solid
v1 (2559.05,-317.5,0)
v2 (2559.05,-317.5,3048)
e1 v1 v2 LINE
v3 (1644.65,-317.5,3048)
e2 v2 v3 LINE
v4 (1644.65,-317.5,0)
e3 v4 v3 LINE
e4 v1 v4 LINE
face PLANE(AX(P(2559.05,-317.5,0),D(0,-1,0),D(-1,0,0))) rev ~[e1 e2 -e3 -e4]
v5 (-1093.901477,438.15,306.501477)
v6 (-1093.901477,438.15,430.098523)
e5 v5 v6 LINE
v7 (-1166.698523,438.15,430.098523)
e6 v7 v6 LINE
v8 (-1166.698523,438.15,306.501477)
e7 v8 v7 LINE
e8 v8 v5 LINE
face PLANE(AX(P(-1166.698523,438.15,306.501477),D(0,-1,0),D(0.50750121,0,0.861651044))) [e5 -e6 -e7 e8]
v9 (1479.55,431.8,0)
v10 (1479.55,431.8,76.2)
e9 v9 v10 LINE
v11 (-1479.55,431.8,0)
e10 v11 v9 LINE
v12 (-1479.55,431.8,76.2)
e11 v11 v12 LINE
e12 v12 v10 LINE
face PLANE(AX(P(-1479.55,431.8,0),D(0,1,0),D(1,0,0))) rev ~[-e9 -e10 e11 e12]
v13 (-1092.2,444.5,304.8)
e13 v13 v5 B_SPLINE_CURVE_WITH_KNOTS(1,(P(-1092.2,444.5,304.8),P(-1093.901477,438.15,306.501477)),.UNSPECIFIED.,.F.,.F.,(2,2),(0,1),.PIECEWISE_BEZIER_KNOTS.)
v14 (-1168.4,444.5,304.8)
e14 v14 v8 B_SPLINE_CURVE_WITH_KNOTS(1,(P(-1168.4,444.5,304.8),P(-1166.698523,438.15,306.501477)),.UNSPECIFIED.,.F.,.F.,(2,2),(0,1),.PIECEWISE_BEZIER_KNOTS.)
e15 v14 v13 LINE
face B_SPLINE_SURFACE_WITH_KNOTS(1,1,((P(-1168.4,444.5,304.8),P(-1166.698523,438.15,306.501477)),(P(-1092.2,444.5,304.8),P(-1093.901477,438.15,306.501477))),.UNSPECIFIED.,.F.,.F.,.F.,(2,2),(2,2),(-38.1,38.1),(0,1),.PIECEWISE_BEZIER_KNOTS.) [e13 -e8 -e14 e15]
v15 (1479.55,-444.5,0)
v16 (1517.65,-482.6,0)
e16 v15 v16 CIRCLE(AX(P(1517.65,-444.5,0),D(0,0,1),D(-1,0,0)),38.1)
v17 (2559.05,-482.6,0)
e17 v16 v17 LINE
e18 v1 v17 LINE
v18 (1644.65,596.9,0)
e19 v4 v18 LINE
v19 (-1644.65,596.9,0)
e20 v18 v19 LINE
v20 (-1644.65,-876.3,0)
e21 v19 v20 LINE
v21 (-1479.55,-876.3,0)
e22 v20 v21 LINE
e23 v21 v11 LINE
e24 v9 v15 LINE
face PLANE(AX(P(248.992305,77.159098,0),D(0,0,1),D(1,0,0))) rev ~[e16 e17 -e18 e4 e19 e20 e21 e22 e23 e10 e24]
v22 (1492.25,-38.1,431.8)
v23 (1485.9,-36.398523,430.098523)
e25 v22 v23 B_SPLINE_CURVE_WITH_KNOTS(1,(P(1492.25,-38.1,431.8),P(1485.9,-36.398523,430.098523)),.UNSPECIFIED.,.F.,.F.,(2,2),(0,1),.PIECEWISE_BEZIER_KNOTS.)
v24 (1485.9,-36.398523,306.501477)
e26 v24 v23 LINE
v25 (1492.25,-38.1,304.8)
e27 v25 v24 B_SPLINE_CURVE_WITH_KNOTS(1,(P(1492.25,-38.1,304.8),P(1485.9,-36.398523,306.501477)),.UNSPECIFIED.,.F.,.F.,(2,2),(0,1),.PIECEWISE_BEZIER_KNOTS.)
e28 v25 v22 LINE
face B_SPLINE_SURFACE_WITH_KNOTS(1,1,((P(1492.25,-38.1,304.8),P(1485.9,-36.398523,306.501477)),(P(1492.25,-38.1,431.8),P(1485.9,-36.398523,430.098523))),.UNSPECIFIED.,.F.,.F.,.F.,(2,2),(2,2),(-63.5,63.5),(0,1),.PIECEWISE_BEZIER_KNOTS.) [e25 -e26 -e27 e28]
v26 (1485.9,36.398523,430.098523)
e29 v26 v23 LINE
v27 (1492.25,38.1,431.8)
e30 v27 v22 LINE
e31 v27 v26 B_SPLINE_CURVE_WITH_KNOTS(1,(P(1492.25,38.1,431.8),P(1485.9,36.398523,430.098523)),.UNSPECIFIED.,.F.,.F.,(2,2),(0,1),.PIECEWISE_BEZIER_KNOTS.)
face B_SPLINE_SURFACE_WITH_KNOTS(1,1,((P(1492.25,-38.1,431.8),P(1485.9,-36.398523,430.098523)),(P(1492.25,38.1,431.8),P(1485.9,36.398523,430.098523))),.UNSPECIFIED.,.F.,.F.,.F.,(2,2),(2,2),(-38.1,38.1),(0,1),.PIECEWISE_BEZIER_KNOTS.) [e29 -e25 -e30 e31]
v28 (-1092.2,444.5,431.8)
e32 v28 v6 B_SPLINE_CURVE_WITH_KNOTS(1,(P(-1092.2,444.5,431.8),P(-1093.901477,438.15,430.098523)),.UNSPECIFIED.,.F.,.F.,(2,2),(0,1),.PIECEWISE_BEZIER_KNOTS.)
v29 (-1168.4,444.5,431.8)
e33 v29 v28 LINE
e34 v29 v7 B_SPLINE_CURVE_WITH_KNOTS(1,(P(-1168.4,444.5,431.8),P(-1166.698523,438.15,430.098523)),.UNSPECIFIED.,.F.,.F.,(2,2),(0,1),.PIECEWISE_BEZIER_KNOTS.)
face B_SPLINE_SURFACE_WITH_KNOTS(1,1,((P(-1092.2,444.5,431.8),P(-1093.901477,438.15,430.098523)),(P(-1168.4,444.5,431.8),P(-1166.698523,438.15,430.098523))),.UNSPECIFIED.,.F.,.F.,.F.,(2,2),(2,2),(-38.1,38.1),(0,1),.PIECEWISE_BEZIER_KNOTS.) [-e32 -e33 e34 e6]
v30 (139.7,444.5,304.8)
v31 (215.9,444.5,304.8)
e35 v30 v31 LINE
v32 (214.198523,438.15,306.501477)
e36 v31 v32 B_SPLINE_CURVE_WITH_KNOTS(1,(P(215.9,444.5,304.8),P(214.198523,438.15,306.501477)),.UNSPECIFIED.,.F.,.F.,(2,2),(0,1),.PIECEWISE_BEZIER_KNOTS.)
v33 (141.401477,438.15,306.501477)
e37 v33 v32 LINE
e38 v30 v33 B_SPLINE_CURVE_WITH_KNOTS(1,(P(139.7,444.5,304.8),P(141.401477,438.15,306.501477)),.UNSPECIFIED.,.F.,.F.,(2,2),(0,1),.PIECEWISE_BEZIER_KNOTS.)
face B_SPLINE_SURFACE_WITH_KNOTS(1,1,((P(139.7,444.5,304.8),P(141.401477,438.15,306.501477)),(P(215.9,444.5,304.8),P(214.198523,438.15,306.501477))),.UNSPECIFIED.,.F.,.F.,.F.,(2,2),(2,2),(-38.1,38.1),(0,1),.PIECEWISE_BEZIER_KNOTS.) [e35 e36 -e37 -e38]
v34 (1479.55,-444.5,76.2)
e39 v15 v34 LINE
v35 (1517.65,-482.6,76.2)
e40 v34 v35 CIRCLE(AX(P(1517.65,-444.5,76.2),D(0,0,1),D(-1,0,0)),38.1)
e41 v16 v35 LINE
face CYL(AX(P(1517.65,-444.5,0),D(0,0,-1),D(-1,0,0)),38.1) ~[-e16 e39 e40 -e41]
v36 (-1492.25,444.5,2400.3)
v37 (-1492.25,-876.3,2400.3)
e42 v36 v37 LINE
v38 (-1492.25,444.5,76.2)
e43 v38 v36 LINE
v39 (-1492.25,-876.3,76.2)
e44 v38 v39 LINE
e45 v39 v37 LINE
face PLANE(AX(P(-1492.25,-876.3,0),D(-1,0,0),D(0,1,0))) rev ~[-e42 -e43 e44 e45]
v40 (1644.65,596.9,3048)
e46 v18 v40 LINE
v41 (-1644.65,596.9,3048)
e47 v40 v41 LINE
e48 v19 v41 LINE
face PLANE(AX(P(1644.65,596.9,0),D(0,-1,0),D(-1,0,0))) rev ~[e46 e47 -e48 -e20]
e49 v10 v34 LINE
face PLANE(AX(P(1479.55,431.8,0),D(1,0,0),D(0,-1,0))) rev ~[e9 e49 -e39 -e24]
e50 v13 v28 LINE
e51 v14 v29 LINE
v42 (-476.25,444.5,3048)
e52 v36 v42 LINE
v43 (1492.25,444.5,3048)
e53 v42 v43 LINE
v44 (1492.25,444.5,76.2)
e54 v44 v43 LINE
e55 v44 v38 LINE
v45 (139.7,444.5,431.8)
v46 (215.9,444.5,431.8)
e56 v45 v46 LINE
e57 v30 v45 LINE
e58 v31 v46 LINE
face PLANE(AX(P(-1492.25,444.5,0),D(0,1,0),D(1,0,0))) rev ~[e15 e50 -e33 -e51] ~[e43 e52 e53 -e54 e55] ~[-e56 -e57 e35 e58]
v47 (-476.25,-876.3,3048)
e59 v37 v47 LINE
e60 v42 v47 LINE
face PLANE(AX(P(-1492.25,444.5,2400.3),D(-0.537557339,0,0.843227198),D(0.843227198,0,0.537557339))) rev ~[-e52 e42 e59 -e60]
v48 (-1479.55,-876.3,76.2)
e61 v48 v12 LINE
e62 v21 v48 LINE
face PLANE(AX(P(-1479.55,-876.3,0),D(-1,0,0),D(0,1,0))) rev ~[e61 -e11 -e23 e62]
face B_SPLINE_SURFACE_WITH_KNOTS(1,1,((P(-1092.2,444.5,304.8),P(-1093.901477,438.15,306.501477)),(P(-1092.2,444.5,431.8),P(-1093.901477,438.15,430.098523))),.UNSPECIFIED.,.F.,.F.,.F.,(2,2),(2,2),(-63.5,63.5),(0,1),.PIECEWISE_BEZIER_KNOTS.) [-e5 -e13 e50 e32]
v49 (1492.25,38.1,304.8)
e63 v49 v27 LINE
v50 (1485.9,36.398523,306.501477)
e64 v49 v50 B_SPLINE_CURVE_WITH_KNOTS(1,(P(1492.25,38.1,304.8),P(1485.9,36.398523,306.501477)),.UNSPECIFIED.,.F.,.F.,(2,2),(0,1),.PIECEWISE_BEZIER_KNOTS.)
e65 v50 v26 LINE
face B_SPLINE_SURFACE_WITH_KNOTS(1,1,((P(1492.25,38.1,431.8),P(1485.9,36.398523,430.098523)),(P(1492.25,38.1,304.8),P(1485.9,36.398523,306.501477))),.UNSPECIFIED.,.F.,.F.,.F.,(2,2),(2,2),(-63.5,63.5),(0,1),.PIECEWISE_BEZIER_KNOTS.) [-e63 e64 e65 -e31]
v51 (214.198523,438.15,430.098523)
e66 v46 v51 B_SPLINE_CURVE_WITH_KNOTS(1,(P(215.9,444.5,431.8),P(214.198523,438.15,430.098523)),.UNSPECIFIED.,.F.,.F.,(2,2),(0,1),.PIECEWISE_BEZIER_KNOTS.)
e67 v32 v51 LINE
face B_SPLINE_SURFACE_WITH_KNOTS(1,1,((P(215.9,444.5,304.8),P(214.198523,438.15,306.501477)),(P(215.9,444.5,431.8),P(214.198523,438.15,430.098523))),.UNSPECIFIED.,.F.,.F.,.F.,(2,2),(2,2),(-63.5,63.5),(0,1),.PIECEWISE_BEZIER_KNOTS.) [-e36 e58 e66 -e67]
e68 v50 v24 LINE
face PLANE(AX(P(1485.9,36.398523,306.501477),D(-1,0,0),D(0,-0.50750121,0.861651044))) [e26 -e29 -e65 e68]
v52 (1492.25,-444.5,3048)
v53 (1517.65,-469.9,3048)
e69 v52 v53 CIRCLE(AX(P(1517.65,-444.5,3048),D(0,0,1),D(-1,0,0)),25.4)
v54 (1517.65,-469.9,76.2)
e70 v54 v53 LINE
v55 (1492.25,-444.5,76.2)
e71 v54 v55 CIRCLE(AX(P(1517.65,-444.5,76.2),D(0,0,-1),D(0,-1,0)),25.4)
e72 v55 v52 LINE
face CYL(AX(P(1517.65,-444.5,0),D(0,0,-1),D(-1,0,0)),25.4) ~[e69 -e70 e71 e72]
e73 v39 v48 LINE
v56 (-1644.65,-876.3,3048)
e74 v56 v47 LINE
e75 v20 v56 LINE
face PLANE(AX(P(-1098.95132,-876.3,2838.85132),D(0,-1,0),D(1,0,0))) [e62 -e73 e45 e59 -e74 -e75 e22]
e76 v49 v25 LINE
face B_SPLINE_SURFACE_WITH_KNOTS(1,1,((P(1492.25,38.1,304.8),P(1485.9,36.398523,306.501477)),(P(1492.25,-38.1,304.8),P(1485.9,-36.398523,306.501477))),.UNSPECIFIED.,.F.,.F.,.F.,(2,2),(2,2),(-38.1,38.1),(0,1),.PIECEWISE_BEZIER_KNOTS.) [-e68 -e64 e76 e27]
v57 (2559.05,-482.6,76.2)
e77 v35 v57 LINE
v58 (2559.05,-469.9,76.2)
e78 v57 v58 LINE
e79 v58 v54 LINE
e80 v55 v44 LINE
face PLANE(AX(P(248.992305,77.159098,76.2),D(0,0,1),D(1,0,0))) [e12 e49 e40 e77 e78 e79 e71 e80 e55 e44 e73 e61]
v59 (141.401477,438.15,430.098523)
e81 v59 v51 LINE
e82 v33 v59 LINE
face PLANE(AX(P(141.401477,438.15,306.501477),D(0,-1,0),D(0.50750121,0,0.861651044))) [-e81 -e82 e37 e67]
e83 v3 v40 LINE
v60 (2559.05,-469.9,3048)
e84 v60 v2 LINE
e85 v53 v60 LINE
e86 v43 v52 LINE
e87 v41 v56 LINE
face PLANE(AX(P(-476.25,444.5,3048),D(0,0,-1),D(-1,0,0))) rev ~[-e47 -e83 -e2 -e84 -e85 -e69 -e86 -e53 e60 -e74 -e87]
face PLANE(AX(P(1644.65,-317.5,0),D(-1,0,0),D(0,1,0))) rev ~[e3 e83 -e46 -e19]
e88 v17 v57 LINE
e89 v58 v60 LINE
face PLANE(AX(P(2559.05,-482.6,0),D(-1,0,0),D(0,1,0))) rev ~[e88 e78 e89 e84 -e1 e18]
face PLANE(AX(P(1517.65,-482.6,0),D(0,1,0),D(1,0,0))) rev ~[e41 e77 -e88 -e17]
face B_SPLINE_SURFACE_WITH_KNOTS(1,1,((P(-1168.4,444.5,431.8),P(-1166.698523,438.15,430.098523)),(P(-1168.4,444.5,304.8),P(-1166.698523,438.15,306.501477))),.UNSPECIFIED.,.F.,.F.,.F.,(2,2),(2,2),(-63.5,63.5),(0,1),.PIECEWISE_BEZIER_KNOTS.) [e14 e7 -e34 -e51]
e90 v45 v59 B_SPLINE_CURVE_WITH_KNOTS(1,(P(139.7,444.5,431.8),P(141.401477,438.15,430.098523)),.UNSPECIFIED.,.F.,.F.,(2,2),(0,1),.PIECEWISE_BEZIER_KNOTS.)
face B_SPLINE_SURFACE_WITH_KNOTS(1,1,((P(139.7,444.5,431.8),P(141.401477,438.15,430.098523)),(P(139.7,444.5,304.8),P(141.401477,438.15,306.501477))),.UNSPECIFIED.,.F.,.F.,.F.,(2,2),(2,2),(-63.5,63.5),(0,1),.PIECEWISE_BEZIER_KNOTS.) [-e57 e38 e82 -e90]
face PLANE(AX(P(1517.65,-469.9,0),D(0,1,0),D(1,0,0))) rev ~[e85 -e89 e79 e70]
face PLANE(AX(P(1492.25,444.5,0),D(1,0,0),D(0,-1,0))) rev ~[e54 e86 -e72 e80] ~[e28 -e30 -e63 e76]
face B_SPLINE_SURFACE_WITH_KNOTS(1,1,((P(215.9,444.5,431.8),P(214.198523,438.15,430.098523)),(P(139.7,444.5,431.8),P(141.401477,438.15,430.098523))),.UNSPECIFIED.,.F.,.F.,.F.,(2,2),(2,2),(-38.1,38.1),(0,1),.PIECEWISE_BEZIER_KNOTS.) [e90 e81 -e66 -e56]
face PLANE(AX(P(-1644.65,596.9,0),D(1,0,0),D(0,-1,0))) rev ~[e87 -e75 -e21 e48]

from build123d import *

# Parameters (mm, degrees)
F1_DEPTH = 3048
F2_DEPTH = 76.2
F3_W     = 76.2
F3_H     = 127
F4_DEPTH = 6.35
F4_TAPER = 15
F5_W     = 76.2
F5_H     = 127
F6_DEPTH = 6.35
F6_TAPER = 15
F8_DEPTH = 1320.8


with BuildPart() as f1:
    # F0 (on Top) → F1 (new body)
    with BuildSketch(Plane.XY):
        with BuildLine():
            Line((-1492.25, 444.5), (1492.25, 444.5))
            Line((1492.25, 444.5), (1492.25, -444.5))
            ThreePointArc((1492.25, -444.5), (1499.6894877579, -462.4605122421), (1517.65, -469.9))
            Line((1517.65, -469.9), (2559.05, -469.9))
            Line((2559.05, -469.9), (2559.05, -317.5))
            Line((2559.05, -317.5), (1644.65, -317.5))
            Line((1644.65, -317.5), (1644.65, 596.9))
            Line((1644.65, 596.9), (-1644.65, 596.9))
            Line((-1644.65, 596.9), (-1644.65, -876.3))
            Line((-1644.65, -876.3), (-1492.25, -876.3))
            Line((-1492.25, -876.3), (-1492.25, -444.5))
            Line((-1492.25, -444.5), (-1492.25, 444.5))
        make_face()
    extrude(amount=F1_DEPTH)

    # F0 (on Top) → F2 (join)
    with BuildSketch(Plane.XY):
        with BuildLine():
            Line((1492.25, -444.5), (1492.25, 444.5))
            Line((1492.25, 444.5), (-1492.25, 444.5))
            Line((-1492.25, 444.5), (-1492.25, -444.5))
            Line((-1492.25, -444.5), (-1492.25, -876.3))
            Line((-1492.25, -876.3), (-1479.55, -876.3))
            Line((-1479.55, -876.3), (-1479.55, 431.8))
            Line((-1479.55, 431.8), (1479.55, 431.8))
            Line((1479.55, 431.8), (1479.55, -444.5))
            ThreePointArc((1479.55, -444.5), (1490.7092316368, -471.4407683632), (1517.65, -482.6))
            Line((1517.65, -482.6), (2559.05, -482.6))
            Line((2559.05, -482.6), (2559.05, -469.9))
            Line((2559.05, -469.9), (1517.65, -469.9))
            ThreePointArc((1517.65, -469.9), (1499.6894877579, -462.4605122421), (1492.25, -444.5))
        make_face()
    extrude(amount=F2_DEPTH)

    # F3 (on face) → F4 (join)
    with BuildSketch(Plane.XZ.offset(-444.5)):
        with Locations((-1130.3, 368.3)):
            Rectangle(F3_W, F3_H)
        with Locations((177.8, 368.3)):
            Rectangle(F3_W, F3_H)
    extrude(amount=F4_DEPTH, taper=F4_TAPER)

    # F5 (on face) → F6 (join)
    with BuildSketch(Plane(origin=(1492.25, 0, 0), x_dir=(0, -1, 0), z_dir=(-1, 0, 0))):
        with Locations((0, 368.3)):
            Rectangle(F5_W, F5_H)
    extrude(amount=F6_DEPTH, taper=F6_TAPER)

    # F7 (on face) → F8 (join, through all)
    with BuildSketch(Plane.XZ.offset(-444.5)):
        Polygon((-476.25, 3048), (-1492.25, 3048), (-1492.25, 2400.3), align=None)
    extrude(amount=F8_DEPTH)


solid = f1.part
